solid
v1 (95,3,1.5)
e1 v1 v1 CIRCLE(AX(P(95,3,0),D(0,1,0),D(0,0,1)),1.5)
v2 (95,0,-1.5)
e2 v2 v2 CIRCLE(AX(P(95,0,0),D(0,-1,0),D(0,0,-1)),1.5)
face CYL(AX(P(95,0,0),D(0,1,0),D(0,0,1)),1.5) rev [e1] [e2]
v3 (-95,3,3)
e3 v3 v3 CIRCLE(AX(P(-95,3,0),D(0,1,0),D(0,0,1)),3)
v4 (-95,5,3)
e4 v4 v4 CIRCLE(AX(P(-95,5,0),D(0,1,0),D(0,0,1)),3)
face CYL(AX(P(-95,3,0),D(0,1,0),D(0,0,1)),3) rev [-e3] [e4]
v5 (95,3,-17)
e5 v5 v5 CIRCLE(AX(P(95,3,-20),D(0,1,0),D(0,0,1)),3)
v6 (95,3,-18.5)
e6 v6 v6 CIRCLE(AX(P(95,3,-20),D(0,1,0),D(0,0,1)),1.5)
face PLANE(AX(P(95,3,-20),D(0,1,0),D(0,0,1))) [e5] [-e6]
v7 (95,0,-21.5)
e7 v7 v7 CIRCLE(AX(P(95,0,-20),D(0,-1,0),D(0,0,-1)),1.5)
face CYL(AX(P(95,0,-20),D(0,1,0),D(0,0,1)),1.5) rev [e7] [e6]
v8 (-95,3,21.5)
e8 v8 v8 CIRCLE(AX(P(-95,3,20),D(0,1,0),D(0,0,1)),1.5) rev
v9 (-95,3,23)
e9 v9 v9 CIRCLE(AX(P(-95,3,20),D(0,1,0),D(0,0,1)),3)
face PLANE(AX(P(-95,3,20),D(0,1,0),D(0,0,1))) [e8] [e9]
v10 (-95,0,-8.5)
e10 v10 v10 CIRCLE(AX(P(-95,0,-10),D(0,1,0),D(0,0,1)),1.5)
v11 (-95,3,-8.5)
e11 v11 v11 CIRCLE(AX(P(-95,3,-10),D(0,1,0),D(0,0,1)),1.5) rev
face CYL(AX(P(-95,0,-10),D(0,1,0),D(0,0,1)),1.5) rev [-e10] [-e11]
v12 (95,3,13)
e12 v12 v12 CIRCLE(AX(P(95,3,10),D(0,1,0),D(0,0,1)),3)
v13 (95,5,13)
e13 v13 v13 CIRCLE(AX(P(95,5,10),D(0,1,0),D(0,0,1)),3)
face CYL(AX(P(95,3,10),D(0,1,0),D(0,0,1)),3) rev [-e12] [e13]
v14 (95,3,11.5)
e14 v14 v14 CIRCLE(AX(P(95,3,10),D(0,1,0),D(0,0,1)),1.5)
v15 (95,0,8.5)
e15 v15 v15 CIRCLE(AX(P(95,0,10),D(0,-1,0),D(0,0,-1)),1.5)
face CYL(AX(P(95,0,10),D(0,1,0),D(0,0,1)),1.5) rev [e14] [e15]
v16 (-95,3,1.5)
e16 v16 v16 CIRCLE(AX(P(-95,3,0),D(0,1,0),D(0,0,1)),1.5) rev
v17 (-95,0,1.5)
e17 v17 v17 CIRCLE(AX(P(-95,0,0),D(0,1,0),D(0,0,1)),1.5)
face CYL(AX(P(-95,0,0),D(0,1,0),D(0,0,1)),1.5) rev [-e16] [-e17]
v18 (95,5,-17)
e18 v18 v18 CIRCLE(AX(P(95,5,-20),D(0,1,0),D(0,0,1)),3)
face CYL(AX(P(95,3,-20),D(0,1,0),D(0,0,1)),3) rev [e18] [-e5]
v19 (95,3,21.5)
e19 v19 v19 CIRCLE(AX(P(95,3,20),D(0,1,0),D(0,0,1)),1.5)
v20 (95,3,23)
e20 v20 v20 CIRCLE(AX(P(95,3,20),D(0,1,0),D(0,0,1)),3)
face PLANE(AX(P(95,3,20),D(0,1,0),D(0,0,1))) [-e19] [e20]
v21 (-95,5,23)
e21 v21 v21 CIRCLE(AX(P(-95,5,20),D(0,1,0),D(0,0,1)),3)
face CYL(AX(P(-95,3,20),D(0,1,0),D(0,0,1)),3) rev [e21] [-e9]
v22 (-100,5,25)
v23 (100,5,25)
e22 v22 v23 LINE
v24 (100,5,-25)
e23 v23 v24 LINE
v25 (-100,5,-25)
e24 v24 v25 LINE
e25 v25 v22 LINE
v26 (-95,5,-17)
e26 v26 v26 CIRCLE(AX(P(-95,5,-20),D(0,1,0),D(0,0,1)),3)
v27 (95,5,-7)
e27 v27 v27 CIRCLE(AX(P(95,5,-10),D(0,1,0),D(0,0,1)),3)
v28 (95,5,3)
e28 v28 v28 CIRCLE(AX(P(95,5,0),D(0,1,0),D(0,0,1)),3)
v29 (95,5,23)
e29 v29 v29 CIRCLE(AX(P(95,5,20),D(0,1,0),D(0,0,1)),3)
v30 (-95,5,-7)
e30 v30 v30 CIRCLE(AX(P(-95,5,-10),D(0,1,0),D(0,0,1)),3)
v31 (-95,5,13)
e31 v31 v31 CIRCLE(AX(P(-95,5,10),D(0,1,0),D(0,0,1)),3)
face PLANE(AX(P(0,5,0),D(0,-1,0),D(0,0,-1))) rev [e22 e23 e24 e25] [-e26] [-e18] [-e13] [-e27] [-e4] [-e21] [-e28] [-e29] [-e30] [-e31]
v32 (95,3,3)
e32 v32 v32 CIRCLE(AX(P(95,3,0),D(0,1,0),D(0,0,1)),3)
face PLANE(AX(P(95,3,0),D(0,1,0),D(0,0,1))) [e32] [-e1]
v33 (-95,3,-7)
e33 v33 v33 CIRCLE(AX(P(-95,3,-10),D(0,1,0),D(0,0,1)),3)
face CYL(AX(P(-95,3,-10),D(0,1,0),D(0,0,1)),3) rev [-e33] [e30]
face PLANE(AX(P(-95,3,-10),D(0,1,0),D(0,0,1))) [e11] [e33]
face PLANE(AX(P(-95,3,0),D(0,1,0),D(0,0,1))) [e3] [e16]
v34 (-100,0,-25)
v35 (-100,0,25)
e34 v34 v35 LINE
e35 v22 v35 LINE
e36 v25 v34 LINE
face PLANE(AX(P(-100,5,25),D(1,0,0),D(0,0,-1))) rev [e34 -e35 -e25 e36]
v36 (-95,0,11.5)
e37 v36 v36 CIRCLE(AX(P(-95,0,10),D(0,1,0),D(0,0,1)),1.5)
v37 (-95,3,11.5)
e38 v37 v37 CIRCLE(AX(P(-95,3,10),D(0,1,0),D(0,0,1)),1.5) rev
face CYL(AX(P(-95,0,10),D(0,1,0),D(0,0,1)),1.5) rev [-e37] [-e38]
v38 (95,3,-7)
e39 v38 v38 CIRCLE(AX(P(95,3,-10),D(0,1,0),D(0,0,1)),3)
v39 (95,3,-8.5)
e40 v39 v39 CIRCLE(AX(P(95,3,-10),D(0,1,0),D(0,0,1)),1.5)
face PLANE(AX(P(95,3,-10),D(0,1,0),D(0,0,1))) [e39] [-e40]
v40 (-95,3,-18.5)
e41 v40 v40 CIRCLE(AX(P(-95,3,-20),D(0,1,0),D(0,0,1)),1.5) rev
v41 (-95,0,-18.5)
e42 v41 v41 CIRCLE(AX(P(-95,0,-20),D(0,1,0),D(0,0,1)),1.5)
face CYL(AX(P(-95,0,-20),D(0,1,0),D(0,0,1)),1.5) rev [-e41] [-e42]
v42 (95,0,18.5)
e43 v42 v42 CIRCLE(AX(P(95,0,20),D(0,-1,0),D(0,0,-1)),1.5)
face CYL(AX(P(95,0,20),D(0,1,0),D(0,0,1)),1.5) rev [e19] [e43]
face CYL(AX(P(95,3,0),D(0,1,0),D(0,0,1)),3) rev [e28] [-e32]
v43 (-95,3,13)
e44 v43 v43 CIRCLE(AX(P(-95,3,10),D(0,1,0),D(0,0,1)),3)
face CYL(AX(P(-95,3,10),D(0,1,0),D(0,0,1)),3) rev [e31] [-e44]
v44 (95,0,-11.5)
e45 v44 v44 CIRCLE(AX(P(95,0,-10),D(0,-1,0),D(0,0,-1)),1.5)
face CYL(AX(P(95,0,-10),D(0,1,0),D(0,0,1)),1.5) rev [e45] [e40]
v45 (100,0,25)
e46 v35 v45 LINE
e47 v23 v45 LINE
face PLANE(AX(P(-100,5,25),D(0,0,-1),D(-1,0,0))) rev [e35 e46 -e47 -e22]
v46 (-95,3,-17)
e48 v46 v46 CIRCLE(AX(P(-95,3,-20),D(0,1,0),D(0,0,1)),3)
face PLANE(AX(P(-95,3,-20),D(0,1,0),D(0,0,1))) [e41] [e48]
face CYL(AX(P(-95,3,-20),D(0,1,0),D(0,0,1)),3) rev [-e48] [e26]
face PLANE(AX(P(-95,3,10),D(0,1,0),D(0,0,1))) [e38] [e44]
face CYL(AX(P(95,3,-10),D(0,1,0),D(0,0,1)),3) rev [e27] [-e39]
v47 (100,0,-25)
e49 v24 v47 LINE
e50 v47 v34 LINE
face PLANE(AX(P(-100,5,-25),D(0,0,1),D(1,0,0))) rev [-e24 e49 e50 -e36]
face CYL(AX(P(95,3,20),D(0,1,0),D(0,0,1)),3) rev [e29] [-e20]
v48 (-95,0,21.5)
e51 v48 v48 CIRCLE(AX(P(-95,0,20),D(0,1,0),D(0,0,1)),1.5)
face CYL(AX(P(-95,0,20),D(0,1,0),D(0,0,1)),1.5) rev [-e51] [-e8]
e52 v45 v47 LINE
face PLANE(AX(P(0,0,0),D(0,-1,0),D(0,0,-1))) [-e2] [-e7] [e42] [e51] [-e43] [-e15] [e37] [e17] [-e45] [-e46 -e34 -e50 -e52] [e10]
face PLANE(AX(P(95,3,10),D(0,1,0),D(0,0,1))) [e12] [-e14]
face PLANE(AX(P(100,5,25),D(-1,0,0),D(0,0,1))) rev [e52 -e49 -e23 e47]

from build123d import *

# Parameters (mm, degrees)
SKETCH3_W           = 200
SKETCH3_H           = 50
BOSS_EXTRUDE1_DEPTH = 5
SKETCH4_R           = 1.5
CUT_EXTRUDE1_DEPTH  = 5
SKETCH5_R           = 3
SKETCH5_R_2         = 1.5
CUT_EXTRUDE2_DEPTH  = 2


with BuildPart() as part:
    # Sketch3 → Boss-Extrude1 (new body)
    with BuildSketch(Plane(origin=(0, 0, 0), x_dir=(1, 0, 0), z_dir=(0, 1, 0))):
        Rectangle(SKETCH3_W, SKETCH3_H)
    extrude(amount=BOSS_EXTRUDE1_DEPTH)

    # Sketch4 → Cut-Extrude1 (cut)
    with BuildSketch(Plane(origin=(0, 5, 0), x_dir=(1, 0, 0), z_dir=(0, 1, 0))):
        with Locations(Location((-95, 20, 0), (0, 0, 270))):
            Circle(SKETCH4_R)
        with Locations(Location((-95, 10, 0), (0, 0, 270))):
            Circle(SKETCH4_R)
        with Locations(Location((-95, 0, 0), (0, 0, 270))):
            Circle(SKETCH4_R)
        with Locations(Location((-95, -10, 0), (0, 0, 270))):
            Circle(SKETCH4_R)
        with Locations(Location((-95, -20, 0), (0, 0, 270))):
            Circle(SKETCH4_R)
        with Locations(Location((95, -20, 0), (0, 0, 90))):
            Circle(SKETCH4_R)
        with Locations(Location((95, -10, 0), (0, 0, 90))):
            Circle(SKETCH4_R)
        with Locations(Location((95, 0, 0), (0, 0, 90))):
            Circle(SKETCH4_R)
        with Locations(Location((95, 20, 0), (0, 0, 90))):
            Circle(SKETCH4_R)
        with Locations(Location((95, 10, 0), (0, 0, 90))):
            Circle(SKETCH4_R)
    extrude(amount=-CUT_EXTRUDE1_DEPTH, mode=Mode.SUBTRACT)

    # Sketch5 → Cut-Extrude2 (cut)
    # profile 1 of 10: a face of its own
    with BuildSketch(Plane(origin=(0, 5, 0), x_dir=(1, 0, 0), z_dir=(0, 1, 0))):
        with Locations(Location((-95, 20, 0), (0, 0, 270))):
            Circle(SKETCH5_R)
        with Locations(Location((-95, 20, 0), (0, 0, 270))):
            Circle(SKETCH5_R_2, mode=Mode.SUBTRACT)
    # profile 2 of 10: a face of its own
    with BuildSketch(Plane(origin=(0, 5, 0), x_dir=(1, 0, 0), z_dir=(0, 1, 0))):
        with Locations(Location((95, 20, 0), (0, 0, 270))):
            Circle(SKETCH5_R)
        with Locations(Location((95, 20, 0), (0, 0, 270))):
            Circle(SKETCH5_R_2, mode=Mode.SUBTRACT)
    # profile 3 of 10: a face of its own
    with BuildSketch(Plane(origin=(0, 5, 0), x_dir=(1, 0, 0), z_dir=(0, 1, 0))):
        with Locations(Location((-95, 10, 0), (0, 0, 270))):
            Circle(SKETCH5_R)
        with Locations(Location((-95, 10, 0), (0, 0, 270))):
            Circle(SKETCH5_R_2, mode=Mode.SUBTRACT)
    # profile 4 of 10: a face of its own
    with BuildSketch(Plane(origin=(0, 5, 0), x_dir=(1, 0, 0), z_dir=(0, 1, 0))):
        with Locations(Location((95, 10, 0), (0, 0, 270))):
            Circle(SKETCH5_R)
        with Locations(Location((95, 10, 0), (0, 0, 270))):
            Circle(SKETCH5_R_2, mode=Mode.SUBTRACT)
    # profile 5 of 10: a face of its own
    with BuildSketch(Plane(origin=(0, 5, 0), x_dir=(1, 0, 0), z_dir=(0, 1, 0))):
        with Locations(Location((-95, 0, 0), (0, 0, 270))):
            Circle(SKETCH5_R)
        with Locations(Location((-95, 0, 0), (0, 0, 270))):
            Circle(SKETCH5_R_2, mode=Mode.SUBTRACT)
    # profile 6 of 10: a face of its own
    with BuildSketch(Plane(origin=(0, 5, 0), x_dir=(1, 0, 0), z_dir=(0, 1, 0))):
        with Locations(Location((95, 0, 0), (0, 0, 270))):
            Circle(SKETCH5_R)
        with Locations(Location((95, 0, 0), (0, 0, 270))):
            Circle(SKETCH5_R_2, mode=Mode.SUBTRACT)
    # profile 7 of 10: a face of its own
    with BuildSketch(Plane(origin=(0, 5, 0), x_dir=(1, 0, 0), z_dir=(0, 1, 0))):
        with Locations(Location((-95, -10, 0), (0, 0, 270))):
            Circle(SKETCH5_R)
        with Locations(Location((-95, -10, 0), (0, 0, 270))):
            Circle(SKETCH5_R_2, mode=Mode.SUBTRACT)
    # profile 8 of 10: a face of its own
    with BuildSketch(Plane(origin=(0, 5, 0), x_dir=(1, 0, 0), z_dir=(0, 1, 0))):
        with Locations(Location((95, -10, 0), (0, 0, 270))):
            Circle(SKETCH5_R)
        with Locations(Location((95, -10, 0), (0, 0, 270))):
            Circle(SKETCH5_R_2, mode=Mode.SUBTRACT)
    # profile 9 of 10: a face of its own
    with BuildSketch(Plane(origin=(0, 5, 0), x_dir=(1, 0, 0), z_dir=(0, 1, 0))):
        with Locations(Location((-95, -20, 0), (0, 0, 270))):
            Circle(SKETCH5_R)
        with Locations(Location((-95, -20, 0), (0, 0, 270))):
            Circle(SKETCH5_R_2, mode=Mode.SUBTRACT)
    # profile 10 of 10: a face of its own
    with BuildSketch(Plane(origin=(0, 5, 0), x_dir=(1, 0, 0), z_dir=(0, 1, 0))):
        with Locations(Location((95, -20, 0), (0, 0, 270))):
            Circle(SKETCH5_R)
        with Locations(Location((95, -20, 0), (0, 0, 270))):
            Circle(SKETCH5_R_2, mode=Mode.SUBTRACT)
    extrude(amount=-CUT_EXTRUDE2_DEPTH, mode=Mode.SUBTRACT)


solid = part.part
